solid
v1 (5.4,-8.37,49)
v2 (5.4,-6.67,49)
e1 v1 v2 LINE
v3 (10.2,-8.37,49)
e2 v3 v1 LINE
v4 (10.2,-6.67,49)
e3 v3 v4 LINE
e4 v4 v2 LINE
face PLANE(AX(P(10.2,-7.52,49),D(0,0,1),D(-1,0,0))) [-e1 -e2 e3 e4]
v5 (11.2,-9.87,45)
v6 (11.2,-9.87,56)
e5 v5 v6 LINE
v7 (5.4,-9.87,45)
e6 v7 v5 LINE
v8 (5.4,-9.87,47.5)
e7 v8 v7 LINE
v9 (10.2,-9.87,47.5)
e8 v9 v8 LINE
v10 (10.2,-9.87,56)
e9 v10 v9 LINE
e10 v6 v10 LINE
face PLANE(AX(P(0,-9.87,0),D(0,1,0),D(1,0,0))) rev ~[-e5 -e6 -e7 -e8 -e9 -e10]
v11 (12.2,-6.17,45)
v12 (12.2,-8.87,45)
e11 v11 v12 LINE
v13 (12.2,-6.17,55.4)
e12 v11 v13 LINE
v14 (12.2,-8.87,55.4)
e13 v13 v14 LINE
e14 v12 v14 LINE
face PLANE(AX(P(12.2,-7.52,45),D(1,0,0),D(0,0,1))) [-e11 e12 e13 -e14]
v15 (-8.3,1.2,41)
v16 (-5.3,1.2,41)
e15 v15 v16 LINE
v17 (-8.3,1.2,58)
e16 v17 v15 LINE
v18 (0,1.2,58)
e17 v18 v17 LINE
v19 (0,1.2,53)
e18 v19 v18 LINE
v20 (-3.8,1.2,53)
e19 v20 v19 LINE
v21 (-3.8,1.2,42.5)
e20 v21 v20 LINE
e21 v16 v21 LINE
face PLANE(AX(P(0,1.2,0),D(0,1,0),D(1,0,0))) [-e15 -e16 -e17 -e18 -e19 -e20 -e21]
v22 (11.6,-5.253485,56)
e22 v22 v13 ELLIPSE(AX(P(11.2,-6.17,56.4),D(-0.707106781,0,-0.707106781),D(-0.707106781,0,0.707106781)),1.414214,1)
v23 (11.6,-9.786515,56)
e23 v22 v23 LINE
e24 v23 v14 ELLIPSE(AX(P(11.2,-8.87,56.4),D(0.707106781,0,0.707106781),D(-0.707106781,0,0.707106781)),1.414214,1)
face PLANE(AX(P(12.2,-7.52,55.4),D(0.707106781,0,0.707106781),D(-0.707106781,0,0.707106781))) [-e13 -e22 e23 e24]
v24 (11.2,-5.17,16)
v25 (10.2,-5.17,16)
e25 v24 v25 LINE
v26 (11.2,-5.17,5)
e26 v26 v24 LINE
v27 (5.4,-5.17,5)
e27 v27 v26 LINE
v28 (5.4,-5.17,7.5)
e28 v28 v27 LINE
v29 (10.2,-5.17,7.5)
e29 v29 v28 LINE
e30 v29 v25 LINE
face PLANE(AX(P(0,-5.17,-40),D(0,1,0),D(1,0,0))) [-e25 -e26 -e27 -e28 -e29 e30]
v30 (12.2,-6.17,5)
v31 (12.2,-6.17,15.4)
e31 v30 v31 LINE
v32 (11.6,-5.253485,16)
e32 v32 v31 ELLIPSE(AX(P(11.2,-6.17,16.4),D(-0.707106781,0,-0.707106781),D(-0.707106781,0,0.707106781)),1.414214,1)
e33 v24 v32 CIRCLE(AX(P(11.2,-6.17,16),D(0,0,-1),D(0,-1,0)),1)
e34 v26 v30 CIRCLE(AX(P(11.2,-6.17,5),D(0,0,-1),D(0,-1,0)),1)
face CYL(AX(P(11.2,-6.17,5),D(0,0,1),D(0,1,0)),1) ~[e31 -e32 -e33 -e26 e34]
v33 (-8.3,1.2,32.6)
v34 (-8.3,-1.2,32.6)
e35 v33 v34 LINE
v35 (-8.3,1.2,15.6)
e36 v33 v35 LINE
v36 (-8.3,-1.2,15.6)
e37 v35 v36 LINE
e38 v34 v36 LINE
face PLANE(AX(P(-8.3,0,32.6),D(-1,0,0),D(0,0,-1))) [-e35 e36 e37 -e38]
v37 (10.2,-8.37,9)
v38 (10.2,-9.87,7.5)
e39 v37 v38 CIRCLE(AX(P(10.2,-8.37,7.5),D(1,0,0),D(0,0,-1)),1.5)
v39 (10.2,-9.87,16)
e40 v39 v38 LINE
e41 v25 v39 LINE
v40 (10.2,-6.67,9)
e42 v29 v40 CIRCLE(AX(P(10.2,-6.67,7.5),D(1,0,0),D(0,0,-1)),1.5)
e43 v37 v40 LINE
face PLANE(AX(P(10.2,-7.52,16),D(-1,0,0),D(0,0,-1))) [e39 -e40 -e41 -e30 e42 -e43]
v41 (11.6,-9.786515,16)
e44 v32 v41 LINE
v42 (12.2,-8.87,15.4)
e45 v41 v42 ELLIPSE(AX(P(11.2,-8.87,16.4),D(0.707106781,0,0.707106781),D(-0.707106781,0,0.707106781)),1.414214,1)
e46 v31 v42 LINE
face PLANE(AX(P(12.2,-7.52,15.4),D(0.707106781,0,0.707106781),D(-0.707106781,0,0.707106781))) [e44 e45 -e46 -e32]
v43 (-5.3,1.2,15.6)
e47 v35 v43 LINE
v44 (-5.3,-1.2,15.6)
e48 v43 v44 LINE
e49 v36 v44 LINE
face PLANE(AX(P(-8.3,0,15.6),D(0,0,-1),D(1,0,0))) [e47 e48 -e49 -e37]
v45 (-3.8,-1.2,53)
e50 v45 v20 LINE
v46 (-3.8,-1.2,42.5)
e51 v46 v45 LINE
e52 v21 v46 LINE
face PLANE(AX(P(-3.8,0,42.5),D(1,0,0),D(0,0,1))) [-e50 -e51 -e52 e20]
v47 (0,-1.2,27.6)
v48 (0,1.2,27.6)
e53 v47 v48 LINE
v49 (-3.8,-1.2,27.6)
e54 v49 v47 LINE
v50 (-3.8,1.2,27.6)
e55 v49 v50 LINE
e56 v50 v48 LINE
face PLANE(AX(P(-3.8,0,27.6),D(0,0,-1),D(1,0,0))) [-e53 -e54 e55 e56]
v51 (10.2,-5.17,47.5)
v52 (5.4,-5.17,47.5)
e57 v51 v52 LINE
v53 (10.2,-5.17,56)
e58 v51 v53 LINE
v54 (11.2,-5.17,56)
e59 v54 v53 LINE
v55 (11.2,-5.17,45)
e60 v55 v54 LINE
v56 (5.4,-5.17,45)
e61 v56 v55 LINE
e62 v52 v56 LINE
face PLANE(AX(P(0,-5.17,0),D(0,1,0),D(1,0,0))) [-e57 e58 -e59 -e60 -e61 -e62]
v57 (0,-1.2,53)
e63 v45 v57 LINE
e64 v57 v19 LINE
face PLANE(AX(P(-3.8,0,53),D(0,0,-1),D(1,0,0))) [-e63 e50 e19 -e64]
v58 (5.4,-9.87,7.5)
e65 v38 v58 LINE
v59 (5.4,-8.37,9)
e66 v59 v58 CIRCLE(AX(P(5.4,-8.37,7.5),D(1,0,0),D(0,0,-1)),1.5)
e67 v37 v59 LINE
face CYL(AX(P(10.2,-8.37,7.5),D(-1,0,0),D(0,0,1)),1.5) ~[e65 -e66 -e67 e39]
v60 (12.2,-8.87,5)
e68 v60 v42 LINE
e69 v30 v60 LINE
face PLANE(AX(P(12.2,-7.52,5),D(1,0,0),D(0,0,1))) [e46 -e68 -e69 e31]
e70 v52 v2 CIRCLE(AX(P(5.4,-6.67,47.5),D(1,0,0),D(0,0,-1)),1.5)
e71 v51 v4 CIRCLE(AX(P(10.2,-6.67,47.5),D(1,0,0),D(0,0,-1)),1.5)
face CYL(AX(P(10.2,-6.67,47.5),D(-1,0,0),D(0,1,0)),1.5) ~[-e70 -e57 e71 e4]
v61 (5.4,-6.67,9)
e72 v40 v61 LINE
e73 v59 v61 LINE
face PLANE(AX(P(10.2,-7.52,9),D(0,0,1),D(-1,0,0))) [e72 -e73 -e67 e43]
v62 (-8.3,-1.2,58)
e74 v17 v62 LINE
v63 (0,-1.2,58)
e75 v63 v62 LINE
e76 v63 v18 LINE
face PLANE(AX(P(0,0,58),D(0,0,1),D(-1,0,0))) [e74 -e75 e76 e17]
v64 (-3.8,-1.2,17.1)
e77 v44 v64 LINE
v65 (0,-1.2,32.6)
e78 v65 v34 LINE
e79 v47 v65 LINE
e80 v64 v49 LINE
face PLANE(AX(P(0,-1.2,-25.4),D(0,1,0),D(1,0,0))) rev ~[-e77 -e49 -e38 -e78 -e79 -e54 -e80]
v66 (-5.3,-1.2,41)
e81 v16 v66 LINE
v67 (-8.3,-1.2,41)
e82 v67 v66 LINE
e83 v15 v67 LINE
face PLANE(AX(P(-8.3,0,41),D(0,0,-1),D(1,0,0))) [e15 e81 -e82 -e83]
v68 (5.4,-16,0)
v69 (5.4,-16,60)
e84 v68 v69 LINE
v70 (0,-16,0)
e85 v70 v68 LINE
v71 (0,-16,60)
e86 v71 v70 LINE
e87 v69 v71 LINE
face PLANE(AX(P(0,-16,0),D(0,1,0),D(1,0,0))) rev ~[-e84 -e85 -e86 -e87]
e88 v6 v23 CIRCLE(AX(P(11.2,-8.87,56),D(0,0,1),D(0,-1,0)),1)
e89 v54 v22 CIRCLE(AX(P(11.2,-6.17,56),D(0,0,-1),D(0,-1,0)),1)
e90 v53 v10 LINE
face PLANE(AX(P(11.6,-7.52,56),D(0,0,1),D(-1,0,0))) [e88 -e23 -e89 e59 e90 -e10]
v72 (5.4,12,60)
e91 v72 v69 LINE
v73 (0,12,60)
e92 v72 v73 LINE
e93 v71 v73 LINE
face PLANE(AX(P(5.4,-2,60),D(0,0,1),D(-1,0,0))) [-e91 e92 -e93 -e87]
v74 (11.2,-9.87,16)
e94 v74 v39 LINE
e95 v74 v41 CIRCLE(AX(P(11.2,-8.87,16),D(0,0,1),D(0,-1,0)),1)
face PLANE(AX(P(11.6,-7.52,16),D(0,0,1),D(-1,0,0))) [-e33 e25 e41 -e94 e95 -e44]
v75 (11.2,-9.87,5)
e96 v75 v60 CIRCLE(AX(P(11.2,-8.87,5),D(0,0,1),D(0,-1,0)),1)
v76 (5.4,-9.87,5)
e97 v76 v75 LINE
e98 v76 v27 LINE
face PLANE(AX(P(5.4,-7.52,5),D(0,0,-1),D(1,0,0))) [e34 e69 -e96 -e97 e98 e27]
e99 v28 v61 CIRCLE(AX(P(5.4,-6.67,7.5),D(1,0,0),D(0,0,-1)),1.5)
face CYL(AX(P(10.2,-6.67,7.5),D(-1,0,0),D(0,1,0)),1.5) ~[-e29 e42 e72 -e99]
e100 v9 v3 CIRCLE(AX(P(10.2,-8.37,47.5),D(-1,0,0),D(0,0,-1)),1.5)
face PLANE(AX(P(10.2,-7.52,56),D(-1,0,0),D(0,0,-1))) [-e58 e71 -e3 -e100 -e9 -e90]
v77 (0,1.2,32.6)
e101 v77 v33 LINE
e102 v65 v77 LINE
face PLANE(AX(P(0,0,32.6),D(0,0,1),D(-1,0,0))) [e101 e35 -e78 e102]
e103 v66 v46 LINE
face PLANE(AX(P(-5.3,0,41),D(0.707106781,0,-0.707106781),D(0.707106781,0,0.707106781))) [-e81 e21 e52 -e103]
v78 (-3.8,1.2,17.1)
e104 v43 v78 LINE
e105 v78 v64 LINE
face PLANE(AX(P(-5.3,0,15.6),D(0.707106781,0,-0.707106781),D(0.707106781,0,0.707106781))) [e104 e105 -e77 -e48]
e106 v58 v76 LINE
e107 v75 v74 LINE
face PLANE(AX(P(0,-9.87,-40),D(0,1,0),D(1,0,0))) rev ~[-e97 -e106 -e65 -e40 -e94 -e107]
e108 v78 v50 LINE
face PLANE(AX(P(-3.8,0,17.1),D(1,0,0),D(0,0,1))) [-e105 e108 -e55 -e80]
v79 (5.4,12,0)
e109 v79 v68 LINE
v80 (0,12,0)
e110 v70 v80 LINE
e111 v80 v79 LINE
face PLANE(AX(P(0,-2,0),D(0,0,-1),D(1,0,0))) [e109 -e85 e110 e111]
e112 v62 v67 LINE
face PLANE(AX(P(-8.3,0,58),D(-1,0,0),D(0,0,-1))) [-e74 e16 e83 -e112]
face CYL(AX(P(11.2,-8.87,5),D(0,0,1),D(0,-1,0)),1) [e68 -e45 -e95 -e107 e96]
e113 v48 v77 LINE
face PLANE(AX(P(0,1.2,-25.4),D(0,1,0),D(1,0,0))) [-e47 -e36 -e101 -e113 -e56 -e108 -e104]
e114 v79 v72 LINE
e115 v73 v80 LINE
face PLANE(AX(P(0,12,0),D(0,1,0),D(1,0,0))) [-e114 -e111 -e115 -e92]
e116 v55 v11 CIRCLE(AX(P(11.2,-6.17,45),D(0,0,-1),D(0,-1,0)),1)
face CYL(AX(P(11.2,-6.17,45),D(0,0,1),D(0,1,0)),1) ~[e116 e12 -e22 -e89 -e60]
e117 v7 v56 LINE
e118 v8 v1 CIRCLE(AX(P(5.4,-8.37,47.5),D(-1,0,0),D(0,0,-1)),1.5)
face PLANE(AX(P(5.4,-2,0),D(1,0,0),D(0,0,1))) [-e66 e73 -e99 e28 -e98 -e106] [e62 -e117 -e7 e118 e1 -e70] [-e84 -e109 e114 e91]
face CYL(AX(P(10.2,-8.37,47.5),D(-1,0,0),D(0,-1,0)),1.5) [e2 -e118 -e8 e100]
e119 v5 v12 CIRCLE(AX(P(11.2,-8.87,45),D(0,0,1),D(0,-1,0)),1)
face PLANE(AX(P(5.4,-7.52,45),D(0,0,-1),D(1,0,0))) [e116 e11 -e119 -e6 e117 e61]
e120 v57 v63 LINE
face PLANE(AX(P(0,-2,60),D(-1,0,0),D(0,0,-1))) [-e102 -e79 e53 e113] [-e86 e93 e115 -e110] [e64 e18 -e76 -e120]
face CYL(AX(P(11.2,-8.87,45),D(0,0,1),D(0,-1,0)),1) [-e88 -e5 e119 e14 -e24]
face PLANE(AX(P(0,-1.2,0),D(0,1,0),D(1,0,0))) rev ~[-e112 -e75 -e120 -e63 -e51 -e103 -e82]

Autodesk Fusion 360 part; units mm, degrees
sketch "Plate" plane through (0, 0, 0) normal (0, 1, 0) x (1, 0, 0)
  line L0 (0, 0) -> (5.4, 0)
  line L1 (5.4, 0) -> (5.4, -60)
  line L2 (5.4, -60) -> (0, -60)
  line L3 (0, -60) -> (0, 0)
  dimension "d242" = 5.4
  dimension "d243" = 60
extrude "Plate (1)" add sketch "Plate" along normal mid plane 28 from surface at -2
sketch "Hook profile" plane through (0, 0, 0) normal (0, 1, 0) x (1, 0, 0)
  line L0 (0, -58) -> (-8.3, -58)
  line L1 (-8.3, -58) -> (-8.3, -41)
  line L2 (-8.3, -41) -> (-5.3, -41)
  line L3 (-5.3, -41) -> (-3.8, -42.5)
  line L4 (-3.8, -42.5) -> (-3.8, -53)
  line L5 (-3.8, -53) -> (0, -53)
  line L6 (0, -53) -> (0, -58)
  dimension "d247" = 58
  dimension "d248" = 8.3
  dimension "d249" = 3.8
  dimension "d250" = 5
  dimension "d251" = 10.5
  dimension "d252" = 1.5
  dimension "d253" = 1.5
extrude "Hook profile (1)" add sketch "Hook profile" along normal mid plane 2.4
pattern_linear "Hook rows" count 2 spacing 25.4 along (0, 0, -1) count 3 spacing 0 along (0, 0, 1) of "Hook profile (1)"
sketch "Peg profile" plane through (0, 0, 0) normal (0, 1, 0) x (1, 0, 0)
  line L0 (5.4, -45) -> (12.2, -45)
  line L1 (12.2, -45) -> (12.2, -55.4)
  line L2 (12.2, -55.4) -> (11.6, -56)
  line L3 (11.6, -56) -> (10.2, -56)
  line L4 (10.2, -56) -> (10.2, -49)
  line L5 (10.2, -49) -> (5.4, -49)
  line L6 (5.4, -49) -> (5.4, -45)
  dimension "d260" = 5.4
  dimension "d261" = 45
  dimension "d262" = 12.2
  dimension "d263" = 55.4
  dimension "d264" = 11.6
  dimension "d265" = 56
  dimension "d266" = 10.2
  dimension "d267" = 49
extrude "Peg profile (1)" add sketch "Peg profile" along normal mid plane 4.7 from surface at -7.52
pattern_linear "Peg rows" count 2 spacing 40 along (0, 0, -1) count 3 spacing 0 along (0, 0, 1) of "Peg profile (1)"
fillet "Peg bearing fillets" radius 1.5 4 edges at (7.8, -9.87, 9) (7.8, -5.17, 9) (7.8, -9.87, 49) (7.8, -5.17, 49)
fillet "Prong front fillets" radius 1 4 edges at (12.2, -5.17, 50.2) (12.2, -5.17, 10.2) (12.2, -9.87, 10.2) (12.2, -9.87, 50.2)
equation "bracketWidth = 24.0 mm" comment "bracket width across the upright"
equation "plateThickness = 5.4 mm" comment "board rear face sits on this"
equation "plateHeight = 60.0 mm" comment "plate height"
equation "slotWidth = 3.2 mm" comment "measured upright slot width"
equation "slotPitchVertical = 25.4 mm" comment "1 inch, measured"
equation "faceMetalThickness = 2.0 mm" comment "upright face metal"
equation "hookTabWidth = slotWidth - 0.8 mm" comment "blade width through the slot"
equation "hookThroat = faceMetalThickness + 1.8 mm" comment "gap behind the plate"
equation "hookNeckHeight = 5.0 mm" comment "bears on the slot bottom edge"
equation "hookLipThickness = 4.5 mm" comment "lip behind the upright face"
equation "hookLipDrop = 12.0 mm" comment "engagement below the neck"
equation "hookLipChamfer = 1.5 mm" comment "lead-in past slot burrs"
equation "topHookNeckTop = 58.0 mm" comment "top hook row"
equation "hookRows = 2" comment "hook rows (pattern count)"
equation "boardThickness = 4.6 mm" comment "SKADIS panel thickness"
equation "boardSlotWidth = 5.0 mm" comment "SKADIS slot width"
equation "boardSlotHeight = 15.0 mm" comment "SKADIS slot height"
equation "boardPitch = 40.0 mm" comment "SKADIS grid pitch"
equation "pegWidth = boardSlotWidth - pegClearance" comment "peg width in the slot"
equation "pegRootLength = boardThickness + pegRootProud" comment "root through the board"
equation "pegRootHeight = 4.0 mm" comment "slot top edge bears on this"
equation "pegProngThickness = 2.0 mm" comment "prong in front of board"
equation "pegTotalHeight = boardSlotHeight - 4 mm" comment "prong rise above the root, and the lift needed to release"
equation "pegProngChamfer = 0.6 mm" comment "lead-in on the prong top"
equation "pegBearingFillet = 1.5 mm" comment "round on the root top edges the board bears on"
equation "topPegRootZ = 45.0 mm" comment "top peg root, above the plate foot"
equation "pegRows = 2" comment "pegs per bracket (pattern count)"
equation "pegOffsetY = -7.52 mm" comment "offset onto the board's 40 mm grid"
equation "plateInboardExtension = 4.0 mm" comment "extra plate toward the desk centre, where the peg crowds"
equation "pegClearance = 0.3 mm" comment "sliding fit across the slot"
equation "pegRootProud = 0.2 mm" comment "root past the board's front face"
equation "pegProngFrontFillet = 1.0 mm" comment "round on the prong's front corners, where fingers meet it"
equation "d242 = plateThickness"
equation "d243 = plateHeight"
equation "d244 = -plateInboardExtension / 2"
equation "d245 = bracketWidth + plateInboardExtension"
equation "d247 = topHookNeckTop"
equation "d248 = hookThroat + hookLipThickness"
equation "d249 = hookThroat"
equation "d250 = hookNeckHeight"
equation "d251 = hookLipDrop - hookLipChamfer"
equation "d252 = hookLipChamfer"
equation "d253 = hookLipChamfer"
equation "d254 = hookTabWidth"
equation "d256 = hookRows"
equation "d258 = -slotPitchVertical"
equation "d260 = plateThickness"
equation "d261 = topPegRootZ"
equation "d262 = plateThickness + pegRootLength + pegProngThickness"
equation "d263 = topPegRootZ + pegTotalHeight - pegProngChamfer"
equation "d264 = plateThickness + pegRootLength + pegProngThickness - pegProngChamfer"
equation "d265 = topPegRootZ + pegTotalHeight"
equation "d266 = plateThickness + pegRootLength"
equation "d267 = topPegRootZ + pegRootHeight"
equation "d268 = pegOffsetY"
equation "d269 = pegWidth"
equation "d271 = pegRows"
equation "d273 = -boardPitch"
equation "d276 = pegBearingFillet"
equation "d278 = pegProngFrontFillet"
